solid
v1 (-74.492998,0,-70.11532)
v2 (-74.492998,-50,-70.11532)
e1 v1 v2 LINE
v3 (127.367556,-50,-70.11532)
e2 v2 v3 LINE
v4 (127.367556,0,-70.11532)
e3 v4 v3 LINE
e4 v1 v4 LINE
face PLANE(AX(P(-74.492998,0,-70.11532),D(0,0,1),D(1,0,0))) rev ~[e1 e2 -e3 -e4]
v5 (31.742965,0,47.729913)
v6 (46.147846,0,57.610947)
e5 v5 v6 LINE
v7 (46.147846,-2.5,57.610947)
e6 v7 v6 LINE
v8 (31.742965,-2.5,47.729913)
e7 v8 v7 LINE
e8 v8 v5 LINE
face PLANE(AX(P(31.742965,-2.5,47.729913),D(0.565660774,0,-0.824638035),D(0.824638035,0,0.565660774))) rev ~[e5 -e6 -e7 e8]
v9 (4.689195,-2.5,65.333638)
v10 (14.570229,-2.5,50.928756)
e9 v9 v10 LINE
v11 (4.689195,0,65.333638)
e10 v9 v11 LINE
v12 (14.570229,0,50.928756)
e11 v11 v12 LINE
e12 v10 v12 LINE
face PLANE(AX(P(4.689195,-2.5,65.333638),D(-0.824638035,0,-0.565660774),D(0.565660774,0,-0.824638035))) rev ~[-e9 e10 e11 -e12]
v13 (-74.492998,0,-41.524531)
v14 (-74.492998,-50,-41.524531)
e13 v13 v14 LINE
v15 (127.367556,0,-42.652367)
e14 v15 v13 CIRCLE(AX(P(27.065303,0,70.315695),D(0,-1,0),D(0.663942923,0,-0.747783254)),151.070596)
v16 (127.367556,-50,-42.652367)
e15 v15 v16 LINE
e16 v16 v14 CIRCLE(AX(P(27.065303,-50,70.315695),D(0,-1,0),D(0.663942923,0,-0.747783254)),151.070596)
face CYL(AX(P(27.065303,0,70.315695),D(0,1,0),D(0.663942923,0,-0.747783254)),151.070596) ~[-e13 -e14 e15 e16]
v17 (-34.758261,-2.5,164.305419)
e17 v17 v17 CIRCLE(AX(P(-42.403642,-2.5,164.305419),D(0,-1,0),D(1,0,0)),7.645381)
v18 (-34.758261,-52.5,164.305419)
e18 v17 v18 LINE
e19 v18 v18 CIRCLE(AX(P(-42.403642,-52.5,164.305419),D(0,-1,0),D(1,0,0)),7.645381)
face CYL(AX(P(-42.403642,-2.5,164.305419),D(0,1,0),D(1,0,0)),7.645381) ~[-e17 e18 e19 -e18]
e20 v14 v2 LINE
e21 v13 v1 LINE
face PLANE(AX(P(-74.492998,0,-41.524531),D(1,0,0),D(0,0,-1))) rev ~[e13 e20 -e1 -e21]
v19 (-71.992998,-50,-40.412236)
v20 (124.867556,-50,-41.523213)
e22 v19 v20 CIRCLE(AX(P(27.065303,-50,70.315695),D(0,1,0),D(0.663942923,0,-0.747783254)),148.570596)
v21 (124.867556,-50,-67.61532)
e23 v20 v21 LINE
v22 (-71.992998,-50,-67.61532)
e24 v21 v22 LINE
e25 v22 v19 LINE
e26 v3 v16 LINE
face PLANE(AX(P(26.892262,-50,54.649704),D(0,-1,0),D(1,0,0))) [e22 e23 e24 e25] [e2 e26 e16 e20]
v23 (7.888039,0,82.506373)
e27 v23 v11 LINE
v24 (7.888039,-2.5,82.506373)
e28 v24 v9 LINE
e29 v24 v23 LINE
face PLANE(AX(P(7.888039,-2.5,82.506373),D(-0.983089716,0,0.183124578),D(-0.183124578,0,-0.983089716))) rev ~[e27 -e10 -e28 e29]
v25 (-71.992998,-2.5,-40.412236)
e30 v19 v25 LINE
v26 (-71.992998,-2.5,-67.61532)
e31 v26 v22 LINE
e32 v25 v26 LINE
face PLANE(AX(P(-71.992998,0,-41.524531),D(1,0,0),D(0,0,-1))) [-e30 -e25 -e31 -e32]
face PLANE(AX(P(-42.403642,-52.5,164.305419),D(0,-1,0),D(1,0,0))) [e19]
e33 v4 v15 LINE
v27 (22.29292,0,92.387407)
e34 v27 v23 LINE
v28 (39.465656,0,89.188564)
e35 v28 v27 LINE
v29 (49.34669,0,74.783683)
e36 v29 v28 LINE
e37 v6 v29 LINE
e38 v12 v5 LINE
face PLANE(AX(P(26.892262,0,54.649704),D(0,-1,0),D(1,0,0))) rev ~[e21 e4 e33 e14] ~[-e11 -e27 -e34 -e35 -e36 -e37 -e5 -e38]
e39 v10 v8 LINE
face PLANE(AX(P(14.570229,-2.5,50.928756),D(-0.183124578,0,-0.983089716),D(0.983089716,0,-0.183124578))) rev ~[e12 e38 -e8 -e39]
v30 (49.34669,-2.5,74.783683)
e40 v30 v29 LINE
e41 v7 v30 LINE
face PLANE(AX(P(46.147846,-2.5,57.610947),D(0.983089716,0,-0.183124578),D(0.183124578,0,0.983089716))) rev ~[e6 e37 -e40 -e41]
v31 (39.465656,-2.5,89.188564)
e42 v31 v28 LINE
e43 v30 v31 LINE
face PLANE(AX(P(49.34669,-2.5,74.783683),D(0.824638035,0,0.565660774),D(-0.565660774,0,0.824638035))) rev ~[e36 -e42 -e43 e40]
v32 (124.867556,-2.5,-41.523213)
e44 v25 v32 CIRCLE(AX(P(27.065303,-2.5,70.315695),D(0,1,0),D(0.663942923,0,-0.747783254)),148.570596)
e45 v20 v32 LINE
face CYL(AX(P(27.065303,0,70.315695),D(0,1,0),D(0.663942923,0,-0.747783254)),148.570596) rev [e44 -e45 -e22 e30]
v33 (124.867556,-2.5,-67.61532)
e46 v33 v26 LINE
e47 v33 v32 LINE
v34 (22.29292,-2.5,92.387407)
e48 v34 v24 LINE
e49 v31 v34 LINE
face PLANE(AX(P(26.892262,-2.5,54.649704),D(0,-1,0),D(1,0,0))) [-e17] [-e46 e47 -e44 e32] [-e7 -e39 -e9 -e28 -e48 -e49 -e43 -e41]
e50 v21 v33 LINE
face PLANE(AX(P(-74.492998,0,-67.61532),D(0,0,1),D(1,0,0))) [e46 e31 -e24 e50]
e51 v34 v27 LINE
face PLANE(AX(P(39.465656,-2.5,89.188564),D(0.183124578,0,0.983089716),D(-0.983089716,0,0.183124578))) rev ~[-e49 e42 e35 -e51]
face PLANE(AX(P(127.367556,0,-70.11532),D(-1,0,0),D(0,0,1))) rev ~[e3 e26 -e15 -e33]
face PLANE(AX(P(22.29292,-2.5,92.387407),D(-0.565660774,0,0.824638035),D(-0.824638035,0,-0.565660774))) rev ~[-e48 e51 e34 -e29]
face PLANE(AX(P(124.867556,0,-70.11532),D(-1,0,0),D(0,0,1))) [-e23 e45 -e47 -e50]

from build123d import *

# Parameters (mm, degrees)
F0_R      = 38.1036206278
F1_DEPTH  = 25
F2_COUNT  = 24
F3_DEPTH  = 35
F4_R      = 5
F5_SIZE   = 5
F7_DEPTH  = 50
F8_T      = -2.5
F10_DEPTH = 25
F11_R     = 7.6453811345
F12_DEPTH = 50


with BuildPart() as f1:
    # F0 (on Front) → F1 (new body)
    with BuildSketch(Plane.XZ):
        with BuildLine():
            ThreePointArc((-7.8842675869, 53.139290225), (-35.0884247435, -40.6785974441), (53.721, 0))
            ThreePointArc((53.721, 0), (38.2966086664, 37.6738052983), (0.8807473744, 53.7137796572))
            ThreePointArc((0.8807473744, 53.7137796572), (-3.5135215054, 53.6059792153), (-7.8842675869, 53.139290225))
        make_face()
        Circle(F0_R, mode=Mode.SUBTRACT)
        with BuildLine():
            ThreePointArc((-7.8842675869, 53.139290225), (-3.5135215054, 53.6059792153), (0.8807473744, 53.7137796572))
            ThreePointArc((0.8807473744, 53.7137796572), (0.6904629861, 56.2382962215), (0, 58.674))
            ThreePointArc((0, 58.674), (-1.2045880723, 61.1890122015), (-2.8564405638, 63.4357213824))
            ThreePointArc((-2.8564405638, 63.4357213824), (-4.0797358778, 62.2447411623), (-5.448019844, 63.2658603022))
            ThreePointArc((-5.448019844, 63.2658603022), (-6.792486114, 60.822762014), (-7.6584938023, 58.1720357962))
            ThreePointArc((-7.6584938023, 58.1720357962), (-8.0251266423, 55.6670462968), (-7.8842675869, 53.139290225))
        make_face()
    extrude(amount=F1_DEPTH)


with BuildPart() as f2_1:
    # F2: instance of F1
    add(f1.part.rotate(Axis((0, 0, 0), (0, 1, 0)), 1 * 360 / F2_COUNT))


with BuildPart() as f2_2:
    # F2: instance of F1
    add(f1.part.rotate(Axis((0, 0, 0), (0, 1, 0)), 2 * 360 / F2_COUNT))


with BuildPart() as f2_3:
    # F2: instance of F1
    add(f1.part.rotate(Axis((0, 0, 0), (0, 1, 0)), 3 * 360 / F2_COUNT))


with BuildPart() as f2_4:
    # F2: instance of F1
    add(f1.part.rotate(Axis((0, 0, 0), (0, 1, 0)), 4 * 360 / F2_COUNT))


with BuildPart() as f2_5:
    # F2: instance of F1
    add(f1.part.rotate(Axis((0, 0, 0), (0, 1, 0)), 5 * 360 / F2_COUNT))


with BuildPart() as f2_6:
    # F2: instance of F1
    add(f1.part.rotate(Axis((0, 0, 0), (0, 1, 0)), 6 * 360 / F2_COUNT))


with BuildPart() as f2_7:
    # F2: instance of F1
    add(f1.part.rotate(Axis((0, 0, 0), (0, 1, 0)), 7 * 360 / F2_COUNT))


with BuildPart() as f2_8:
    # F2: instance of F1
    add(f1.part.rotate(Axis((0, 0, 0), (0, 1, 0)), 8 * 360 / F2_COUNT))


with BuildPart() as f2_9:
    # F2: instance of F1
    add(f1.part.rotate(Axis((0, 0, 0), (0, 1, 0)), 9 * 360 / F2_COUNT))


with BuildPart() as f2_10:
    # F2: instance of F1
    add(f1.part.rotate(Axis((0, 0, 0), (0, 1, 0)), 10 * 360 / F2_COUNT))


with BuildPart() as f2_11:
    # F2: instance of F1
    add(f1.part.rotate(Axis((0, 0, 0), (0, 1, 0)), 11 * 360 / F2_COUNT))


with BuildPart() as f2_12:
    # F2: instance of F1
    add(f1.part.rotate(Axis((0, 0, 0), (0, 1, 0)), 12 * 360 / F2_COUNT))


with BuildPart() as f2_13:
    # F2: instance of F1
    add(f1.part.rotate(Axis((0, 0, 0), (0, 1, 0)), 13 * 360 / F2_COUNT))


with BuildPart() as f2_14:
    # F2: instance of F1
    add(f1.part.rotate(Axis((0, 0, 0), (0, 1, 0)), 14 * 360 / F2_COUNT))


with BuildPart() as f2_15:
    # F2: instance of F1
    add(f1.part.rotate(Axis((0, 0, 0), (0, 1, 0)), 15 * 360 / F2_COUNT))


with BuildPart() as f2_16:
    # F2: instance of F1
    add(f1.part.rotate(Axis((0, 0, 0), (0, 1, 0)), 16 * 360 / F2_COUNT))


with BuildPart() as f2_17:
    # F2: instance of F1
    add(f1.part.rotate(Axis((0, 0, 0), (0, 1, 0)), 17 * 360 / F2_COUNT))


with BuildPart() as f2_18:
    # F2: instance of F1
    add(f1.part.rotate(Axis((0, 0, 0), (0, 1, 0)), 18 * 360 / F2_COUNT))


with BuildPart() as f2_19:
    # F2: instance of F1
    add(f1.part.rotate(Axis((0, 0, 0), (0, 1, 0)), 19 * 360 / F2_COUNT))


with BuildPart() as f2_20:
    # F2: instance of F1
    add(f1.part.rotate(Axis((0, 0, 0), (0, 1, 0)), 20 * 360 / F2_COUNT))


with BuildPart() as f2_21:
    # F2: instance of F1
    add(f1.part.rotate(Axis((0, 0, 0), (0, 1, 0)), 21 * 360 / F2_COUNT))


with BuildPart() as f2_22:
    # F2: instance of F1
    add(f1.part.rotate(Axis((0, 0, 0), (0, 1, 0)), 22 * 360 / F2_COUNT))


with BuildPart() as f2_23:
    # F2: instance of F1
    add(f1.part.rotate(Axis((0, 0, 0), (0, 1, 0)), 23 * 360 / F2_COUNT))


with BuildPart() as f1_1:
    add(f1.part)

    add(f2_1.part)  # F3 merges F2_1

    add(f2_2.part)  # F3 merges F2_2

    add(f2_3.part)  # F3 merges F2_3

    add(f2_4.part)  # F3 merges F2_4

    add(f2_5.part)  # F3 merges F2_5

    add(f2_6.part)  # F3 merges F2_6

    add(f2_7.part)  # F3 merges F2_7

    add(f2_8.part)  # F3 merges F2_8

    add(f2_9.part)  # F3 merges F2_9

    add(f2_10.part)  # F3 merges F2_10

    add(f2_11.part)  # F3 merges F2_11

    add(f2_12.part)  # F3 merges F2_12

    add(f2_13.part)  # F3 merges F2_13

    add(f2_14.part)  # F3 merges F2_14

    add(f2_15.part)  # F3 merges F2_15

    add(f2_16.part)  # F3 merges F2_16

    add(f2_17.part)  # F3 merges F2_17

    add(f2_18.part)  # F3 merges F2_18

    add(f2_19.part)  # F3 merges F2_19

    add(f2_20.part)  # F3 merges F2_20

    add(f2_21.part)  # F3 merges F2_21

    add(f2_22.part)  # F3 merges F2_22

    add(f2_23.part)  # F3 merges F2_23
    # F0 (on Front) → F3 (join)
    with BuildSketch(Plane.XZ):
        Circle(F0_R)
        Polygon((22.3287471763, 4.725022344), (19.1299038845, -12.447713203), (4.725022344, -22.3287471763), (-12.447713203, -19.1299038845), (-22.3287471763, -4.725022344), (-19.1299038845, 12.447713203), (-4.725022344, 22.3287471763), (12.447713203, 19.1299038845), align=None, mode=Mode.SUBTRACT)
    extrude(amount=F3_DEPTH)

    # F4
    f4_edges = [f1_1.edges().sort_by_distance(p)[0] for p in [
        (-38.103621, -35, 0),
        (3.861345, -35, 20.729326),
        (17.38823, -35, 11.927463),
        (20.729326, -35, -3.861345),
        (11.927463, -35, -17.38823),
        (-3.861345, -35, -20.729326),
        (-17.38823, -35, -11.927463),
        (-20.729326, -35, 3.861345),
        (-11.927463, -35, 17.38823),
    ]]
    fillet(f4_edges, radius=F4_R)

    # F5
    f5_edges = [f1_1.edges().sort_by_distance(p)[0] for p in [
        (-33.103621, -35, 0),
        (4.776968, -35, 25.644774),
        (-14.755767, -35, 21.51142),
        (21.51142, -35, 14.755767),
        (-25.644774, -35, 4.776968),
        (25.644774, -35, -4.776968),
        (-21.51142, -35, -14.755767),
        (14.755767, -35, -21.51142),
        (-4.776968, -35, -25.644774),
        (36.639155, -33.535534, 0),
        (-38.103621, -30, 0),
        (-23.954189, -33.604656, -5.068985),
        (-20.729326, -30, 3.861345),
        (-20.522483, -33.604656, 13.353856),
        (-11.927463, -30, 17.38823),
        (-5.068985, -33.604656, 23.954189),
        (3.861345, -30, 20.729326),
        (13.353856, -33.604656, 20.522483),
        (17.38823, -30, 11.927463),
        (23.954189, -33.604656, 5.068985),
        (20.729326, -30, -3.861345),
        (20.522483, -33.604656, -13.353856),
        (11.927463, -30, -17.38823),
        (5.068985, -33.604656, -23.954189),
        (-3.861345, -30, -20.729326),
        (-13.353856, -33.604656, -20.522483),
        (-17.38823, -30, -11.927463),
    ]]
    chamfer(f5_edges, length=F5_SIZE)

    # F6 (on Front) → F7 (join)
    with BuildSketch(Plane.XZ):
        with BuildLine():
            ThreePointArc((127.3675560951, -42.6523669827), (27.9093520111, 221.3839321935), (-74.4929984212, -41.5245314744))
            Line((-74.4929984212, -41.5245314744), (-74.4929984212, -70.1153203845))
            Line((-74.4929984212, -70.1153203845), (127.3675560951, -70.1153203845))
            Line((127.3675560951, -70.1153203845), (127.3675560951, -42.6523669827))
        make_face()
    extrude(amount=F7_DEPTH)

    # F8
    f8_openings = [f1_1.faces().sort_by_distance(p)[0] for p in [
        (27.015959, -50, 69.902767),
    ]]
    offset(amount=F8_T, openings=f8_openings, kind=Kind.INTERSECTION)

    # F9 (on face) → F10 (cut)
    with BuildSketch(Plane.XZ.offset(2.5)):
        Polygon((31.7429648501, 47.7299130723), (46.1478463905, 57.6109470455), (49.3466896824, 74.7836825926), (39.4656557091, 89.1885641331), (22.292920162, 92.3874074249), (7.8880386215, 82.5063734516), (4.6891953297, 65.3336379045), (14.570229303, 50.9287563641), align=None)
    extrude(amount=-F10_DEPTH, mode=Mode.SUBTRACT)

    # F11 (on face) → F12 (join)
    with BuildSketch(Plane.XZ.offset(2.5)):
        with Locations((-42.4036420882, 164.3054187298)):
            Circle(F11_R)
    extrude(amount=F12_DEPTH)


solid = f1_1.part
